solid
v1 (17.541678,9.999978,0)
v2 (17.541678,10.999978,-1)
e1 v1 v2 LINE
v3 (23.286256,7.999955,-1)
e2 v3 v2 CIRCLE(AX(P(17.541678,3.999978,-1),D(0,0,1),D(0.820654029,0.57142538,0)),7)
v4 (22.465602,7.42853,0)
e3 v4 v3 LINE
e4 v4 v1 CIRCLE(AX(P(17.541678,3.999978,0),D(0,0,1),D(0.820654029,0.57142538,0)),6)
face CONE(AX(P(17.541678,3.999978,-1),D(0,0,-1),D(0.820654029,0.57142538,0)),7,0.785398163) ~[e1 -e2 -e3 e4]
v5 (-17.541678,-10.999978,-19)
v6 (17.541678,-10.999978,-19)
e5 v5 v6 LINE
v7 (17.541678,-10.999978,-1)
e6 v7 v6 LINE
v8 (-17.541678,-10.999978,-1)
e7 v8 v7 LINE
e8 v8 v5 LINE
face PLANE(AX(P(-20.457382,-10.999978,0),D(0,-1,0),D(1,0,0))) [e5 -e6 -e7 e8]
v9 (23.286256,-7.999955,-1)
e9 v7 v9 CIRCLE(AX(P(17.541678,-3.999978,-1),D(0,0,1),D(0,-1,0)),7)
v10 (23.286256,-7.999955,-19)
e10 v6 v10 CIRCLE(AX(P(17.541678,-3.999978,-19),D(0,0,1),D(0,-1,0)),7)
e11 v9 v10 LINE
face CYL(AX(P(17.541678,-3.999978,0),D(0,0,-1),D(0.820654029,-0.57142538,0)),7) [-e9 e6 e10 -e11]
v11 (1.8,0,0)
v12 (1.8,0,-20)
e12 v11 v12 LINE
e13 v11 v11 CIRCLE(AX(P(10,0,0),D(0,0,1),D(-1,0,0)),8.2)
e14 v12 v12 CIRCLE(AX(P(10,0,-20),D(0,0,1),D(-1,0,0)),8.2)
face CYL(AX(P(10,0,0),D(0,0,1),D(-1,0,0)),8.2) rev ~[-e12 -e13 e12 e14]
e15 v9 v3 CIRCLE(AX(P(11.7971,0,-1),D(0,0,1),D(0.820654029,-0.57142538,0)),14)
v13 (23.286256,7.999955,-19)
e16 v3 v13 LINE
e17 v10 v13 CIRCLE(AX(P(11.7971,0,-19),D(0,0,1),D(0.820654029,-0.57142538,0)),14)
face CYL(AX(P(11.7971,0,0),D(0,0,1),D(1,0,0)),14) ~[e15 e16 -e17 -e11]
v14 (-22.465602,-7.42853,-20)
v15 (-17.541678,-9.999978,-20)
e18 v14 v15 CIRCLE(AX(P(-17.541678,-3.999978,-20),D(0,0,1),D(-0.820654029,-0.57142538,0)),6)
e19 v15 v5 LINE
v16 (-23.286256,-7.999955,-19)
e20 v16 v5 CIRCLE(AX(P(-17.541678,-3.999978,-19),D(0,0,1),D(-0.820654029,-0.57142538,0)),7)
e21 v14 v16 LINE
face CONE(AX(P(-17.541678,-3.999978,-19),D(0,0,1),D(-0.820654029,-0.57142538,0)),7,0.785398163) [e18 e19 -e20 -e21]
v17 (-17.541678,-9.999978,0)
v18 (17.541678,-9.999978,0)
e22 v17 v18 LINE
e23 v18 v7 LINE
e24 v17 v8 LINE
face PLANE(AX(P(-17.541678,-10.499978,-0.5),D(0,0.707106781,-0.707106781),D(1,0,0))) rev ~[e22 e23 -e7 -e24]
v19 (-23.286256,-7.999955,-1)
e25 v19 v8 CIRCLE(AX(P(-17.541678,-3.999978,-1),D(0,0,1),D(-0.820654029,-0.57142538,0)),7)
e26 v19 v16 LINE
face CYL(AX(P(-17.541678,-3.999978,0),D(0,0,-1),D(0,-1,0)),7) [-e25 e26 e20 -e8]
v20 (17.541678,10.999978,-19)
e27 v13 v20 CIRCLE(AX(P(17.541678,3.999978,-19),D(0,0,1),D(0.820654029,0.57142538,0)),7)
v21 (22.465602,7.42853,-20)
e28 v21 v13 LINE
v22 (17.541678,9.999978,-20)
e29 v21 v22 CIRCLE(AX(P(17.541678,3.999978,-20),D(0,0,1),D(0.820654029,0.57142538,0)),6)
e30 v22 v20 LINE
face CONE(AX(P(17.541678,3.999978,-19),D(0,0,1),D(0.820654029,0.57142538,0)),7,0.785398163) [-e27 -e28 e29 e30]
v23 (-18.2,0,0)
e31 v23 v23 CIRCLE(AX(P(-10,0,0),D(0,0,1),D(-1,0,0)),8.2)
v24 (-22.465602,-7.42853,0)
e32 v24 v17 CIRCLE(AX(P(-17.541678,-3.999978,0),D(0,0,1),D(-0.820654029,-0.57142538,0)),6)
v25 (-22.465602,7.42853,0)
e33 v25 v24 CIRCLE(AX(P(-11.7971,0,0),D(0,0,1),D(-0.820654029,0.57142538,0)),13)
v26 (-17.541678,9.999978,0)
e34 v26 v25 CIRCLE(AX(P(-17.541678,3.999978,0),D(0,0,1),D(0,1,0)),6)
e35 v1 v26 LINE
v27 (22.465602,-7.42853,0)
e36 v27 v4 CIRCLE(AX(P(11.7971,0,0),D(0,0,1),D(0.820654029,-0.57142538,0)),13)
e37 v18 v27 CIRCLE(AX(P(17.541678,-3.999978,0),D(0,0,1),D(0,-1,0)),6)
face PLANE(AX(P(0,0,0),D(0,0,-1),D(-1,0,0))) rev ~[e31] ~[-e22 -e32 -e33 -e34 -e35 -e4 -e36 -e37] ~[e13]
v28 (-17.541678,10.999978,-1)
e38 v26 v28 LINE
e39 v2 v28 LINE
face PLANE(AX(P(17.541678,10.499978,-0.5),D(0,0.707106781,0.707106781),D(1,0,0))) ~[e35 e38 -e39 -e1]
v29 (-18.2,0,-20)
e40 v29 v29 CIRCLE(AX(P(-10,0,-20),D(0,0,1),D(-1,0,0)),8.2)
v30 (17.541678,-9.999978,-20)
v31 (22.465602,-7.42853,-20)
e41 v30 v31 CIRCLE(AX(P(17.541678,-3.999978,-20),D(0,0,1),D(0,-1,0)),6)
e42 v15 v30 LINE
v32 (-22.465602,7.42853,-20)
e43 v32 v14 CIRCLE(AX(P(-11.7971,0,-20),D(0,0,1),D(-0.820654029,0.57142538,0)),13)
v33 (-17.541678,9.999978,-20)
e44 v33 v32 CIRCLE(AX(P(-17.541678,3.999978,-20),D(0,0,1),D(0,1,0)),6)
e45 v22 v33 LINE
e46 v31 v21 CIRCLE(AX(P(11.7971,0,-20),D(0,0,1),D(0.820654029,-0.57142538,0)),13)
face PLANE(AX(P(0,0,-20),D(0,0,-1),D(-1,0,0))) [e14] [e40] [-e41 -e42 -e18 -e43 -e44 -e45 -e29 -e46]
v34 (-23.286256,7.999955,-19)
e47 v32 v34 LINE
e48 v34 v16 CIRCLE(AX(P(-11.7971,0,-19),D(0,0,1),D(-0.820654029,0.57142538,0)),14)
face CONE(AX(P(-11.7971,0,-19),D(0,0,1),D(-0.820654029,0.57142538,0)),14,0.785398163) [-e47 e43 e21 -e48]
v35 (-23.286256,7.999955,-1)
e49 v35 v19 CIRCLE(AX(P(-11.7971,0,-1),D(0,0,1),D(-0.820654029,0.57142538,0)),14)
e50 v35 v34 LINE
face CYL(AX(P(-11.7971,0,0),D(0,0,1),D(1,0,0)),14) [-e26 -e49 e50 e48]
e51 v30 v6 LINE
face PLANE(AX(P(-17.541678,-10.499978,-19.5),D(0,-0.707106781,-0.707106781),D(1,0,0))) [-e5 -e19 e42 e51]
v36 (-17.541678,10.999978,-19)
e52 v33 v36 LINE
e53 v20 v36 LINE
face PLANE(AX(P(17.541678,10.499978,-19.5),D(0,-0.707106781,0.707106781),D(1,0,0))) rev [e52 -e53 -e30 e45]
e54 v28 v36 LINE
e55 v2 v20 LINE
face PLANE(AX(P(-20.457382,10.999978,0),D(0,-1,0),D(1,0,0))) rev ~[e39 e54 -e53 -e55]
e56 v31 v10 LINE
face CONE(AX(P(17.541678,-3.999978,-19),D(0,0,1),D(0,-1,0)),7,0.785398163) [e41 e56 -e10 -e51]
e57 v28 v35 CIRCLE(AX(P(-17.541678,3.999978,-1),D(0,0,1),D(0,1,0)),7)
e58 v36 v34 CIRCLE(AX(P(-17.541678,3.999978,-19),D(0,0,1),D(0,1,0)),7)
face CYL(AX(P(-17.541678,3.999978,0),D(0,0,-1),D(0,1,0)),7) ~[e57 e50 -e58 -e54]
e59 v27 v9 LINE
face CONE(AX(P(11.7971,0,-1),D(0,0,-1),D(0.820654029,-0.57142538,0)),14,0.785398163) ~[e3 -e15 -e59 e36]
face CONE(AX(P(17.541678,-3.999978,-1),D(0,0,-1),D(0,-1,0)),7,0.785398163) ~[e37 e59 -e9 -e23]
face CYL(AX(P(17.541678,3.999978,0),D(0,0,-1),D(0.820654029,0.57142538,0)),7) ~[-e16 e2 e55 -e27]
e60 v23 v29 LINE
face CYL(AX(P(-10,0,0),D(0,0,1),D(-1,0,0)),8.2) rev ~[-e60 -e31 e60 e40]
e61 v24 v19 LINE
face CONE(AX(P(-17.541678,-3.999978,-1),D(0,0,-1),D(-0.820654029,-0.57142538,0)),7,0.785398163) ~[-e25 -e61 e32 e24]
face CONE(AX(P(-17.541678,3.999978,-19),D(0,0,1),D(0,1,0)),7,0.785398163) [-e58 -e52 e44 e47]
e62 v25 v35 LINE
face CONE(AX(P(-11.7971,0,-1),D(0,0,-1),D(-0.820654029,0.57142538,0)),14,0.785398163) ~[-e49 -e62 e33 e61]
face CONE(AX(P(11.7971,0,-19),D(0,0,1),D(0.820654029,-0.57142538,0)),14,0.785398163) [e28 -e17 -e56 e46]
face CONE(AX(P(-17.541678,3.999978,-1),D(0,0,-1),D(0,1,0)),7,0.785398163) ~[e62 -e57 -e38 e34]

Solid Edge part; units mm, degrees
sketch "Sketch1" plane through (0, 0, 0) normal (0, 0, 1) x (1, 0, 0)
  arc A0 (20.4574, 11) -> (20.4574, -11) centre (11.7971, 0) cw
  line L0 (-20.4574, -11) -> (20.4574, -11)
  arc A1 (-20.4574, 11) -> (-20.4574, -11) centre (-11.7971, 0) ccw
  line L1 (-20.4574, 11) -> (20.4574, 11)
  dimension "D1" = 14
  dimension "D2" = 22
extrude "Ajout_matière_1" add sketch "Sketch1" against normal blind 20
sketch "Sketch2" plane through (0, 0, 0) normal (0, 0, 1) x (-1, 0, 0)
  circle A0 centre (-10, 0) radius 8.2
  circle A1 centre (10, 0) radius 8.2
  dimension "D1" = 16.4
  dimension "D2" = 20
  dimension "D3" = 10
extrude "Cutout1" cut sketch "Sketch2" against normal through all and the other way up to next
fillet "Congé_1" radius 7 4 edges at (20.4574, -11, -10) (20.4574, 11, -10) (-20.4574, 11, -10) (-20.4574, -11, -10)
chamfer "Chanfrein_1" distance 1 angle 45 16 edges at (0, -11, 0) (-20.782, -10.2048, 0) (-25.7971, 0, 0) (-20.782, 10.2048, 0) (0, 11, 0) (20.782, 10.2048, 0) (25.7971, 0, 0) (20.782, -10.2048, 0) (0, -11, -20) (-20.782, -10.2048, -20) (-25.7971, 0, -20) (-20.782, 10.2048, -20) (0, 11, -20) (20.782, 10.2048, -20) (25.7971, 0, -20) (20.782, -10.2048, -20)
properties material "Plastique ABS, haute performance"
